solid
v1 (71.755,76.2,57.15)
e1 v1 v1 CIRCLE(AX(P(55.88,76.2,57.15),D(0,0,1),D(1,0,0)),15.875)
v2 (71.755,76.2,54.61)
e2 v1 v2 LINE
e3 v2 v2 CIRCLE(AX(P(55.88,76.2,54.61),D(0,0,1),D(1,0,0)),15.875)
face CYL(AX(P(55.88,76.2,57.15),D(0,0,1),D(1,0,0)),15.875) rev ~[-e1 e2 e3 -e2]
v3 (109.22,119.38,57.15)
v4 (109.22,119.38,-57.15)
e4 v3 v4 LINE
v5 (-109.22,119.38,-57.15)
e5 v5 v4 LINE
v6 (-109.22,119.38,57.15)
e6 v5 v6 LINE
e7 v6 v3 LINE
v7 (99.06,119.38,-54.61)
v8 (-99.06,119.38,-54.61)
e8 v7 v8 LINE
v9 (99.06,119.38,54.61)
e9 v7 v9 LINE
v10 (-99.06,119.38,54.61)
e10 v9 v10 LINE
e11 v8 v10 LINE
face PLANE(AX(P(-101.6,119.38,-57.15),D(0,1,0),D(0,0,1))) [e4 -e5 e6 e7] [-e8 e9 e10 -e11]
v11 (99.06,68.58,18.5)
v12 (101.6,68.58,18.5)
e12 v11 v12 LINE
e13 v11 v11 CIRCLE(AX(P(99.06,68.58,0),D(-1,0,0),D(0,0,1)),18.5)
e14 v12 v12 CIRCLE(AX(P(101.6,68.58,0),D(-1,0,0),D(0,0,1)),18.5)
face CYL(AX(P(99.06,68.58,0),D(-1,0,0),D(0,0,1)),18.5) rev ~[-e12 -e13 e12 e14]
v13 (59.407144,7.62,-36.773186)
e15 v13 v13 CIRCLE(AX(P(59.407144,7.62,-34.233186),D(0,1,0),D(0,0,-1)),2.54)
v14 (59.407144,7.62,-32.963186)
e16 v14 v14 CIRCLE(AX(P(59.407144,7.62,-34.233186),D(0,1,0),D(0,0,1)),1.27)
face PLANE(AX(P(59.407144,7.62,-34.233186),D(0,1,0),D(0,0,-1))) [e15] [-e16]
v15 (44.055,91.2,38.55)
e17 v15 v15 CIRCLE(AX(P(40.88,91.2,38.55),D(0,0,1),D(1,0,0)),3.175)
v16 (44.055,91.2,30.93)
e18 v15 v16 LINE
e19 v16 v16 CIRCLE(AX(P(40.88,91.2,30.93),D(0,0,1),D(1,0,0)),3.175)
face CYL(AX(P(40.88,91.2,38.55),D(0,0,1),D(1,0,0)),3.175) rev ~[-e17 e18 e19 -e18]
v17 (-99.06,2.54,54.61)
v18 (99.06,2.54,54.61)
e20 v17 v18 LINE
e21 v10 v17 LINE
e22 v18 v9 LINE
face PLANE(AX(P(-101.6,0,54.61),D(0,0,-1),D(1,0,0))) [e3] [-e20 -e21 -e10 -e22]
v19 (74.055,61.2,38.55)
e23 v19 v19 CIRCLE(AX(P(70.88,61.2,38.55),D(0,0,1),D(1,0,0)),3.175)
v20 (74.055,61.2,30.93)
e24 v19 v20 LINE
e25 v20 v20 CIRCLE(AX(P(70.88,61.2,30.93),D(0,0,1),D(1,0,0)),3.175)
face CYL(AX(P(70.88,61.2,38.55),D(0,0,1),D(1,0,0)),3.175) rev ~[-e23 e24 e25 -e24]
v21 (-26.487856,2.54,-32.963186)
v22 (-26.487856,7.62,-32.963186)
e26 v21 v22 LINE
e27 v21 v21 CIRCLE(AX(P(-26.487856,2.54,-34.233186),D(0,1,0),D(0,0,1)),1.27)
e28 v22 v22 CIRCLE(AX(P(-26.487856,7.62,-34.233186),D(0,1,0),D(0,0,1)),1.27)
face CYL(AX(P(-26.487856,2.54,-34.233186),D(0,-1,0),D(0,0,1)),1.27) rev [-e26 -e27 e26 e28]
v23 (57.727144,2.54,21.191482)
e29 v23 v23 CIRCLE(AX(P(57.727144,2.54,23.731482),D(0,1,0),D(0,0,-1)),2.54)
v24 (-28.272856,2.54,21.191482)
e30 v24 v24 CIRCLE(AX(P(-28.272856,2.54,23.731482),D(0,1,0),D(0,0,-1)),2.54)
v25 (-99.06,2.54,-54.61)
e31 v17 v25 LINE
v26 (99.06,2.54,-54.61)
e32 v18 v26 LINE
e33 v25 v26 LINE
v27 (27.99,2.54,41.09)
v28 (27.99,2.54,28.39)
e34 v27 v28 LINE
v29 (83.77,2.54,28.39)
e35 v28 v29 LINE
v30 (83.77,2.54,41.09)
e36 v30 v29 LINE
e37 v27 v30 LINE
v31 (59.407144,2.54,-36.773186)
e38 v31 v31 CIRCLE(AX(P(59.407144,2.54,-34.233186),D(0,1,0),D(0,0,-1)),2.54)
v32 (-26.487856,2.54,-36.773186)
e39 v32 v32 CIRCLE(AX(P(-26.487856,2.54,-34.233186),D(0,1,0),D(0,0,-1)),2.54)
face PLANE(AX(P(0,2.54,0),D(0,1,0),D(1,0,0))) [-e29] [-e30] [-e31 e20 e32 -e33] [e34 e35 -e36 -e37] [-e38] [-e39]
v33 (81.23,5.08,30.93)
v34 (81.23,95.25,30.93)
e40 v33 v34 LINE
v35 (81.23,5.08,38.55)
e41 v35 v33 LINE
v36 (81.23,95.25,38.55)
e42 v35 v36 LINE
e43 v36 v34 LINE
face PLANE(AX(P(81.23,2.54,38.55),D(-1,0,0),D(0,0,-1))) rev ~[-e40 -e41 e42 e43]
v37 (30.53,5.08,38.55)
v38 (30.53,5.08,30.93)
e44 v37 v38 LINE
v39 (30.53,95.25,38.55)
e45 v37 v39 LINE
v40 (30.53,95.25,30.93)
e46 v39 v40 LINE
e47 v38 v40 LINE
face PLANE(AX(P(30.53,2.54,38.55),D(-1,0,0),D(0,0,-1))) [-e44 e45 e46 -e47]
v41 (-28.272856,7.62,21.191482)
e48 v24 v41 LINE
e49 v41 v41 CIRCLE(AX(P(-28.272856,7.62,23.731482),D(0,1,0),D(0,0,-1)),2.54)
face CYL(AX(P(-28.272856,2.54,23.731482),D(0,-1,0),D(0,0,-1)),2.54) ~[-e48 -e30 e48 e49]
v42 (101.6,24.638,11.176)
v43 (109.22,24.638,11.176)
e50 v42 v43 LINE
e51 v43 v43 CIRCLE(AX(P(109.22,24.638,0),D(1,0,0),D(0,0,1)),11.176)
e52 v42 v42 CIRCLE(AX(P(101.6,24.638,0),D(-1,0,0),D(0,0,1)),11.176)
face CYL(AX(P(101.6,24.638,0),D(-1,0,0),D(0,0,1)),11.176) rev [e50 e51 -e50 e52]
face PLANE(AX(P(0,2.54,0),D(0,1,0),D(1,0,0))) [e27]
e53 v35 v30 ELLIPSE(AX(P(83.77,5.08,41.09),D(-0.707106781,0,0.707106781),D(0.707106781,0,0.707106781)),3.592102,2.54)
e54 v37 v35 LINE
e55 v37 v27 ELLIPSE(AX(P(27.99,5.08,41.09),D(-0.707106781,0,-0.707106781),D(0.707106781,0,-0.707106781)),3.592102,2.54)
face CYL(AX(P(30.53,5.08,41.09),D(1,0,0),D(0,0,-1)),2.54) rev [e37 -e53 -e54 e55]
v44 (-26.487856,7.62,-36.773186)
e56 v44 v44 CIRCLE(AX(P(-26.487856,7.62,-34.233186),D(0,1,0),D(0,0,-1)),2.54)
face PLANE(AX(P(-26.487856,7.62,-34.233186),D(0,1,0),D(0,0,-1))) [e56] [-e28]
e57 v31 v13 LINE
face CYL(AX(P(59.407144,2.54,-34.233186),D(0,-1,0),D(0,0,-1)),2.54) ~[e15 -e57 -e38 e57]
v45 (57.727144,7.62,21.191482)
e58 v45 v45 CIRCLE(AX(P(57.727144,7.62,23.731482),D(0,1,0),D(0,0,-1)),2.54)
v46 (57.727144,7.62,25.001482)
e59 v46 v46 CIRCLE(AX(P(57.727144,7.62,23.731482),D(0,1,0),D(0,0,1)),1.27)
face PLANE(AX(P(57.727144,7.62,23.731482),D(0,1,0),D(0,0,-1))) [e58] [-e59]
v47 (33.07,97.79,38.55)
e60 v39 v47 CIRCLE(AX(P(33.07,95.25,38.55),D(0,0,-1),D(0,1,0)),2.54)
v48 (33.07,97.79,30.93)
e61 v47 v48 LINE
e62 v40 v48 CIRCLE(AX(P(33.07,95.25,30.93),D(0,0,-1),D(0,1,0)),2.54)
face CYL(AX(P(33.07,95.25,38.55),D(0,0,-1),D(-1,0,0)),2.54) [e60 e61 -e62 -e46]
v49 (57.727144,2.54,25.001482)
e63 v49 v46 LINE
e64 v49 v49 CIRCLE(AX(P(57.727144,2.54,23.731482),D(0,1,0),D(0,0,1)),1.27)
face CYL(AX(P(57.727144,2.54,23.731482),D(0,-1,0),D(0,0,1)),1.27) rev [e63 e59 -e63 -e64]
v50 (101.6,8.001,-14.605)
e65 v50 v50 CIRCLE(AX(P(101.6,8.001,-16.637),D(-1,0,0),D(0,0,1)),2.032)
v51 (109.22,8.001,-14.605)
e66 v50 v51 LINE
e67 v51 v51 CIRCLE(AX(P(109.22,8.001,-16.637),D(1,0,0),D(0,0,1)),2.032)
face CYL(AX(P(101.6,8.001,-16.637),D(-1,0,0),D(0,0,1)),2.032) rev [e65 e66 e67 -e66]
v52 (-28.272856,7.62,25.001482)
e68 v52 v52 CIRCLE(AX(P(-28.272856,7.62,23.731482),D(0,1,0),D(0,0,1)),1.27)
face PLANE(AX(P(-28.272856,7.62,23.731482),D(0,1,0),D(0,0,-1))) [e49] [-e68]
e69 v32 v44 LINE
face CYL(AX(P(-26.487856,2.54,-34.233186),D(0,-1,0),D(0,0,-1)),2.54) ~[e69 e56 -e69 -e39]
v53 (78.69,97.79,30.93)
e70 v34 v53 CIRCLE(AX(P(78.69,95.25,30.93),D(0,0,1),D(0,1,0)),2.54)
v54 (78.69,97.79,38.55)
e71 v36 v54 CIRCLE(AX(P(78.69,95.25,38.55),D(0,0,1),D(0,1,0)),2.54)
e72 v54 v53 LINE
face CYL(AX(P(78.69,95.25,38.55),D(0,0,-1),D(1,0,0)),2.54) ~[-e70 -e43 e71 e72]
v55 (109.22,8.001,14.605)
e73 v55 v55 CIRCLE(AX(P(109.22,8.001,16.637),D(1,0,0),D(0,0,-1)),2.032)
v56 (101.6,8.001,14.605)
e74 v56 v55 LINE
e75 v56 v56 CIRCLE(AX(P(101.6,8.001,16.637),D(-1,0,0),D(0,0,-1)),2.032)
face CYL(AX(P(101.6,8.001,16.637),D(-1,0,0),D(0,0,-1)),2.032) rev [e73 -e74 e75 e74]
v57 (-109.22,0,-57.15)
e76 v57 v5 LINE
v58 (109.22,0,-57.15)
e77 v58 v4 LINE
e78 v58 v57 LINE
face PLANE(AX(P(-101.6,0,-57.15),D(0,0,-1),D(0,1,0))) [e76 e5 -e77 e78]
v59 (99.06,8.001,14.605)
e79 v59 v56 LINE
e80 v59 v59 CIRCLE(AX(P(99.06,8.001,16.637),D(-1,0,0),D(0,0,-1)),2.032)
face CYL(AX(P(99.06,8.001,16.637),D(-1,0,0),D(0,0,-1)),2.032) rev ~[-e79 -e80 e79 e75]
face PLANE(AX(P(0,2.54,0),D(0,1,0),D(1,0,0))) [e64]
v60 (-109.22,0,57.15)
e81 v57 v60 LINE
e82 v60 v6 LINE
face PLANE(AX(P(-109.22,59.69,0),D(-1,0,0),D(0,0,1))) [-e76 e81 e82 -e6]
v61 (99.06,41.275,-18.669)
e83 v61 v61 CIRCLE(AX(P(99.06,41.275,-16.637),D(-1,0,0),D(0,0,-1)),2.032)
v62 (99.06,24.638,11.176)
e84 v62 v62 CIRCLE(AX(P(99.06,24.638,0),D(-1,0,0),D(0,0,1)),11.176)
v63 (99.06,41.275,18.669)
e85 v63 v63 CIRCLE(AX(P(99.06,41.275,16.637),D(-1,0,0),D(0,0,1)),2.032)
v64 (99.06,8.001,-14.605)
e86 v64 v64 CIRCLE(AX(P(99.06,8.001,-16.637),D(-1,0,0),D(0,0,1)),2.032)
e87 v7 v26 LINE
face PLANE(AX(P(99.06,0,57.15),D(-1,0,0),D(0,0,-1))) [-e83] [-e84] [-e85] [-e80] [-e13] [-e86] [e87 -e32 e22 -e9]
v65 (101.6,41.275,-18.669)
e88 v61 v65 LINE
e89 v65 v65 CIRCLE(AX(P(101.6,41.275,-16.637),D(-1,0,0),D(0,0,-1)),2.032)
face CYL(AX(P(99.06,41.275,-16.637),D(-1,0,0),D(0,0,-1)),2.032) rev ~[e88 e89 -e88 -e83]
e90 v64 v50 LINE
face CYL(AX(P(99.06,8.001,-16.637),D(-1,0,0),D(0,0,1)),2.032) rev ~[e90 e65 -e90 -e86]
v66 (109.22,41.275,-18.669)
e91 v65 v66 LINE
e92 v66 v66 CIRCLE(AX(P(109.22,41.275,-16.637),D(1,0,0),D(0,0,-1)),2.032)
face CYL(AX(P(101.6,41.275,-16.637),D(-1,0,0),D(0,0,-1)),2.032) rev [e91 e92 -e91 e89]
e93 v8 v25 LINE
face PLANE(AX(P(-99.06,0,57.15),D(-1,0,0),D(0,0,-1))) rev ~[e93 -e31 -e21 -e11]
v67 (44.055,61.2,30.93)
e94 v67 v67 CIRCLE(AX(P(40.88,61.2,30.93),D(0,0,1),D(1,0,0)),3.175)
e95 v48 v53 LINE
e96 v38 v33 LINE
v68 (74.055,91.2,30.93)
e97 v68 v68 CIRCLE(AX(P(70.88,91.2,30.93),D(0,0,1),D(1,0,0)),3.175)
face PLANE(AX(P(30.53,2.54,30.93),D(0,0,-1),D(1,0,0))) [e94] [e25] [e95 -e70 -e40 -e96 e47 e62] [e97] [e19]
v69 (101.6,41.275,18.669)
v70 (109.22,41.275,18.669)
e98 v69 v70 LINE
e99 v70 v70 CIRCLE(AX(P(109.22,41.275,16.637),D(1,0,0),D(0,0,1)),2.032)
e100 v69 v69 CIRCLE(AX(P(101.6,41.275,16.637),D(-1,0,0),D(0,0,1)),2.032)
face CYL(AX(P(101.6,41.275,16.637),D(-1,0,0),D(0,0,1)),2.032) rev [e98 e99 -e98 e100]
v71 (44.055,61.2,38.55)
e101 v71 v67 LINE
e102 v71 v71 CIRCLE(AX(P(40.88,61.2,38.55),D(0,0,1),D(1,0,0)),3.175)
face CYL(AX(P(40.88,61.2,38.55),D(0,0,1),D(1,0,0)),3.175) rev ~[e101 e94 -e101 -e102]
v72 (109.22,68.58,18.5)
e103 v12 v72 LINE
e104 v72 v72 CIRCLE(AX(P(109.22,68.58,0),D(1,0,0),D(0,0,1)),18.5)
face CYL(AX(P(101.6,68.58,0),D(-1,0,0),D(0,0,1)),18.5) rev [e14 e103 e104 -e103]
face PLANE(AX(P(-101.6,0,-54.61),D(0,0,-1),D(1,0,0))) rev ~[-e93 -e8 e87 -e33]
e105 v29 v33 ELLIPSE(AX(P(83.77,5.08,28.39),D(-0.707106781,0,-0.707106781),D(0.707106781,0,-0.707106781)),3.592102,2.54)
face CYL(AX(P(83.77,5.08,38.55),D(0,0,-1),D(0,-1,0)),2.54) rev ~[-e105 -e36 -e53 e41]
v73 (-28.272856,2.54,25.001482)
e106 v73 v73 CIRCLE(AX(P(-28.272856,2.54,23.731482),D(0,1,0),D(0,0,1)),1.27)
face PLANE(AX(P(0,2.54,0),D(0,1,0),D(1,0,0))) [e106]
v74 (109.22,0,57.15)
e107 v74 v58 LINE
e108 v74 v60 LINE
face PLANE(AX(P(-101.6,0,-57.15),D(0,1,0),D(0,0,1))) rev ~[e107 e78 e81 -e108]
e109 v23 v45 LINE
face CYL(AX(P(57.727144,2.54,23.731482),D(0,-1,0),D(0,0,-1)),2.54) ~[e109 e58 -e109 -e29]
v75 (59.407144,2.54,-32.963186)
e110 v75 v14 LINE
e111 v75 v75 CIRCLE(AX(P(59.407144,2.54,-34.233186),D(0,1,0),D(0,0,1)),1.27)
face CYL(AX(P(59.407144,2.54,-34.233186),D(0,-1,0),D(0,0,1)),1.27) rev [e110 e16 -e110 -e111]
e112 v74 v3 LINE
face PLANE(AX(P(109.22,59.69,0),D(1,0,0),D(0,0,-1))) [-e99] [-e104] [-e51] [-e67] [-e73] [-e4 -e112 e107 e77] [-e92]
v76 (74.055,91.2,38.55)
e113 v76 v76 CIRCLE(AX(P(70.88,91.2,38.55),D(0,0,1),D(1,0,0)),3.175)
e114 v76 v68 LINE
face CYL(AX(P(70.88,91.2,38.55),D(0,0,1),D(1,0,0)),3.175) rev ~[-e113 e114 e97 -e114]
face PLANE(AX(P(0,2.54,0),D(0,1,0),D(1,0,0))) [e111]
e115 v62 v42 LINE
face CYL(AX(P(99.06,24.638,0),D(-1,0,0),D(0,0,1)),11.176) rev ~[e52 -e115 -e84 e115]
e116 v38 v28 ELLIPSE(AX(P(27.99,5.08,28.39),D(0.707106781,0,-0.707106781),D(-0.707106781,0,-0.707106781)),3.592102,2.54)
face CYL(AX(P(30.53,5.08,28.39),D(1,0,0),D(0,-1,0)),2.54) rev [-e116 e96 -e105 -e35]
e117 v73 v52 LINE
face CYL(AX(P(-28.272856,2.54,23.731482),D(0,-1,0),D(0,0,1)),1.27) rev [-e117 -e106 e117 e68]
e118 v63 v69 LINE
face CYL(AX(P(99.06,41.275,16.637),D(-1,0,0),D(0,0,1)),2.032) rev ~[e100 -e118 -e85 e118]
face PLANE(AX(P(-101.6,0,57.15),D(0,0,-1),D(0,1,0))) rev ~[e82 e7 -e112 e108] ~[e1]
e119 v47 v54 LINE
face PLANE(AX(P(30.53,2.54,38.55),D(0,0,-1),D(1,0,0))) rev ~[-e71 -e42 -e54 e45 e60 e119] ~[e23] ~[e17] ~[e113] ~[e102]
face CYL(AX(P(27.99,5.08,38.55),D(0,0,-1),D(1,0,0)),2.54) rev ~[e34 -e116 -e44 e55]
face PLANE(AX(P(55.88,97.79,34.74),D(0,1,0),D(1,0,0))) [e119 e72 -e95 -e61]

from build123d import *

# Parameters (mm, degrees)
SKETCH1_W           = 203.2
SKETCH1_H           = 114.3
BOSS_EXTRUDE1_DEPTH = 119.38
SHELL1_T            = -2.54
SKETCH2_R           = 18.5
SKETCH2_R_2         = 2.032
SKETCH2_R_3         = 11.176
CUT_EXTRUDE1_DEPTH  = 2.54
SKETCH3_W           = 114.3
SKETCH3_H           = 119.38
SKETCH3_R           = 18.5
SKETCH3_R_2         = 2.032
SKETCH3_R_3         = 11.176
BOSS_EXTRUDE3_DEPTH = 7.62
SKETCH4_R           = 15.875
CUT_EXTRUDE2_DEPTH  = 2.54
SKETCH5_W           = 50.7
SKETCH5_H           = 7.62
BOSS_EXTRUDE4_DEPTH = 95.25
CUT_EXTRUDE3_REACH  = 189.987
SKETCH6_R           = 3.175
FILLET1_R           = 2.54
FILLET2_R           = 2.54
SKETCH7_W           = 114.3
SKETCH7_H           = 119.38
BOSS_EXTRUDE5_DEPTH = 7.62
SKETCH8_R           = 2.54
SKETCH8_R_2         = 1.27
BOSS_EXTRUDE6_DEPTH = 5.08


with BuildPart() as part:
    # Sketch1 → Boss-Extrude1 (new body)
    with BuildSketch(Plane(origin=(0, 0, 0), x_dir=(1, 0, 0), z_dir=(0, 1, 0))):
        Rectangle(SKETCH1_W, SKETCH1_H)
    extrude(amount=BOSS_EXTRUDE1_DEPTH)

    # Shell1
    shell1_openings = [part.faces().sort_by_distance(p)[0] for p in [
        (0, 119.38, 0),
    ]]
    offset(amount=SHELL1_T, openings=shell1_openings, kind=Kind.INTERSECTION)

    # Sketch2 → Cut-Extrude1 (cut)
    with BuildSketch(Plane.ZY.offset(-99.06)):
        with Locations((0, 68.58)):
            Circle(SKETCH2_R)
        with Locations((16.637, 41.275)):
            Circle(SKETCH2_R_2)
        with Locations(Location((16.637, 8.001, 0), (0, 0, 180))):
            Circle(SKETCH2_R_2)
        with Locations((-16.637, 8.001)):
            Circle(SKETCH2_R_2)
        with Locations(Location((-16.637, 41.275, 0), (0, 0, 180))):
            Circle(SKETCH2_R_2)
        with Locations((0, 24.638)):
            Circle(SKETCH2_R_3)
    extrude(amount=-CUT_EXTRUDE1_DEPTH, mode=Mode.SUBTRACT)

    # Sketch3 → Boss-Extrude3 (add)
    with BuildSketch(Plane(origin=(101.6, 0, 0), x_dir=(0, 0, -1), z_dir=(1, 0, 0))):
        with Locations((0, 59.69)):
            Rectangle(SKETCH3_W, SKETCH3_H)
        with Locations(Location((0, 68.58, 0), (0, 0, 180))):
            Circle(SKETCH3_R, mode=Mode.SUBTRACT)
        with Locations((-16.637, 8.001)):
            Circle(SKETCH3_R_2, mode=Mode.SUBTRACT)
        with Locations(Location((16.637, 8.001, 0), (0, 0, 180))):
            Circle(SKETCH3_R_2, mode=Mode.SUBTRACT)
        with Locations((16.637, 41.275)):
            Circle(SKETCH3_R_2, mode=Mode.SUBTRACT)
        with Locations(Location((-16.637, 41.275, 0), (0, 0, 180))):
            Circle(SKETCH3_R_2, mode=Mode.SUBTRACT)
        with Locations(Location((0, 24.638, 0), (0, 0, 180))):
            Circle(SKETCH3_R_3, mode=Mode.SUBTRACT)
    extrude(amount=BOSS_EXTRUDE3_DEPTH)

    # Sketch4 → Cut-Extrude2 (cut)
    with BuildSketch(Plane.XY.offset(57.15)):
        with Locations((55.88, 76.2)):
            Circle(SKETCH4_R)
    extrude(amount=-CUT_EXTRUDE2_DEPTH, mode=Mode.SUBTRACT)

    # Sketch5 → Boss-Extrude4 (add)
    with BuildSketch(Plane(origin=(0, 2.54, 0), x_dir=(1, 0, 0), z_dir=(0, 1, 0))):
        with Locations((55.88, -34.74)):
            Rectangle(SKETCH5_W, SKETCH5_H)
    extrude(amount=BOSS_EXTRUDE4_DEPTH)

    # Sketch6 → Cut-Extrude3 (cut, up to next)
    with BuildSketch(Plane.XY.offset(38.55), mode=Mode.PRIVATE) as cut_extrude3_sk1:
        with Locations((40.88, 91.2)):
            Circle(SKETCH6_R)
    cut_extrude3_tool1 = extrude(cut_extrude3_sk1.sketch, amount=-CUT_EXTRUDE3_REACH, mode=Mode.PRIVATE) & part.part
    # Sketch6 → Cut-Extrude3 (cut, up to next)
    with BuildSketch(Plane.XY.offset(38.55), mode=Mode.PRIVATE) as cut_extrude3_sk2:
        with Locations((70.88, 61.2)):
            Circle(SKETCH6_R)
    cut_extrude3_tool2 = extrude(cut_extrude3_sk2.sketch, amount=-CUT_EXTRUDE3_REACH, mode=Mode.PRIVATE) & part.part
    # Sketch6 → Cut-Extrude3 (cut, up to next)
    with BuildSketch(Plane.XY.offset(38.55), mode=Mode.PRIVATE) as cut_extrude3_sk3:
        with Locations((40.88, 61.2)):
            Circle(SKETCH6_R)
    cut_extrude3_tool3 = extrude(cut_extrude3_sk3.sketch, amount=-CUT_EXTRUDE3_REACH, mode=Mode.PRIVATE) & part.part
    # Sketch6 → Cut-Extrude3 (cut, up to next)
    with BuildSketch(Plane.XY.offset(38.55), mode=Mode.PRIVATE) as cut_extrude3_sk4:
        with Locations((70.88, 91.2)):
            Circle(SKETCH6_R)
    cut_extrude3_tool4 = extrude(cut_extrude3_sk4.sketch, amount=-CUT_EXTRUDE3_REACH, mode=Mode.PRIVATE) & part.part
    add(cut_extrude3_tool1.solids().sort_by_distance((40.88, 91.2, 38.55))[0], mode=Mode.SUBTRACT)
    add(cut_extrude3_tool2.solids().sort_by_distance((70.88, 61.2, 38.55))[0], mode=Mode.SUBTRACT)
    add(cut_extrude3_tool3.solids().sort_by_distance((40.88, 61.2, 38.55))[0], mode=Mode.SUBTRACT)
    add(cut_extrude3_tool4.solids().sort_by_distance((70.88, 91.2, 38.55))[0], mode=Mode.SUBTRACT)

    # Fillet1
    fillet1_edges = [part.edges().sort_by_distance(p)[0] for p in [
        (30.53, 97.79, 34.74),
        (81.23, 97.79, 34.74),
    ]]
    fillet(fillet1_edges, radius=FILLET1_R)

    # Fillet2
    fillet2_edges = [part.edges().sort_by_distance(p)[0] for p in [
        (30.53, 2.54, 34.74),
        (55.88, 2.54, 38.55),
        (81.23, 2.54, 34.74),
        (55.88, 2.54, 30.93),
    ]]
    fillet(fillet2_edges, radius=FILLET2_R)

    # Sketch7 → Boss-Extrude5 (add)
    with BuildSketch(Plane.ZY.offset(101.6)):
        with Locations((0, 59.69)):
            Rectangle(SKETCH7_W, SKETCH7_H)
    extrude(amount=BOSS_EXTRUDE5_DEPTH)

    # Sketch8 → Boss-Extrude6 (add)
    # profile 1 of 4: a face of its own
    with BuildSketch(Plane(origin=(0, 2.54, 0), x_dir=(1, 0, 0), z_dir=(0, 1, 0))):
        with Locations(Location((57.72714395, -23.731482064, 0), (0, 0, 90))):
            Circle(SKETCH8_R)
        with Locations(Location((57.72714395, -23.731482064, 0), (0, 0, 270))):
            Circle(SKETCH8_R_2, mode=Mode.SUBTRACT)
    # profile 2 of 4: a face of its own
    with BuildSketch(Plane(origin=(0, 2.54, 0), x_dir=(1, 0, 0), z_dir=(0, 1, 0))):
        with Locations(Location((59.40714395, 34.233185903, 0), (0, 0, 90))):
            Circle(SKETCH8_R)
        with Locations(Location((59.40714395, 34.233185903, 0), (0, 0, 270))):
            Circle(SKETCH8_R_2, mode=Mode.SUBTRACT)
    # profile 3 of 4: a face of its own
    with BuildSketch(Plane(origin=(0, 2.54, 0), x_dir=(1, 0, 0), z_dir=(0, 1, 0))):
        with Locations(Location((-26.48785605, 34.233185903, 0), (0, 0, 90))):
            Circle(SKETCH8_R)
        with Locations(Location((-26.48785605, 34.233185903, 0), (0, 0, 270))):
            Circle(SKETCH8_R_2, mode=Mode.SUBTRACT)
    # profile 4 of 4: a face of its own
    with BuildSketch(Plane(origin=(0, 2.54, 0), x_dir=(1, 0, 0), z_dir=(0, 1, 0))):
        with Locations(Location((-28.27285605, -23.731482064, 0), (0, 0, 90))):
            Circle(SKETCH8_R)
        with Locations(Location((-28.27285605, -23.731482064, 0), (0, 0, 270))):
            Circle(SKETCH8_R_2, mode=Mode.SUBTRACT)
    extrude(amount=BOSS_EXTRUDE6_DEPTH)


solid = part.part
